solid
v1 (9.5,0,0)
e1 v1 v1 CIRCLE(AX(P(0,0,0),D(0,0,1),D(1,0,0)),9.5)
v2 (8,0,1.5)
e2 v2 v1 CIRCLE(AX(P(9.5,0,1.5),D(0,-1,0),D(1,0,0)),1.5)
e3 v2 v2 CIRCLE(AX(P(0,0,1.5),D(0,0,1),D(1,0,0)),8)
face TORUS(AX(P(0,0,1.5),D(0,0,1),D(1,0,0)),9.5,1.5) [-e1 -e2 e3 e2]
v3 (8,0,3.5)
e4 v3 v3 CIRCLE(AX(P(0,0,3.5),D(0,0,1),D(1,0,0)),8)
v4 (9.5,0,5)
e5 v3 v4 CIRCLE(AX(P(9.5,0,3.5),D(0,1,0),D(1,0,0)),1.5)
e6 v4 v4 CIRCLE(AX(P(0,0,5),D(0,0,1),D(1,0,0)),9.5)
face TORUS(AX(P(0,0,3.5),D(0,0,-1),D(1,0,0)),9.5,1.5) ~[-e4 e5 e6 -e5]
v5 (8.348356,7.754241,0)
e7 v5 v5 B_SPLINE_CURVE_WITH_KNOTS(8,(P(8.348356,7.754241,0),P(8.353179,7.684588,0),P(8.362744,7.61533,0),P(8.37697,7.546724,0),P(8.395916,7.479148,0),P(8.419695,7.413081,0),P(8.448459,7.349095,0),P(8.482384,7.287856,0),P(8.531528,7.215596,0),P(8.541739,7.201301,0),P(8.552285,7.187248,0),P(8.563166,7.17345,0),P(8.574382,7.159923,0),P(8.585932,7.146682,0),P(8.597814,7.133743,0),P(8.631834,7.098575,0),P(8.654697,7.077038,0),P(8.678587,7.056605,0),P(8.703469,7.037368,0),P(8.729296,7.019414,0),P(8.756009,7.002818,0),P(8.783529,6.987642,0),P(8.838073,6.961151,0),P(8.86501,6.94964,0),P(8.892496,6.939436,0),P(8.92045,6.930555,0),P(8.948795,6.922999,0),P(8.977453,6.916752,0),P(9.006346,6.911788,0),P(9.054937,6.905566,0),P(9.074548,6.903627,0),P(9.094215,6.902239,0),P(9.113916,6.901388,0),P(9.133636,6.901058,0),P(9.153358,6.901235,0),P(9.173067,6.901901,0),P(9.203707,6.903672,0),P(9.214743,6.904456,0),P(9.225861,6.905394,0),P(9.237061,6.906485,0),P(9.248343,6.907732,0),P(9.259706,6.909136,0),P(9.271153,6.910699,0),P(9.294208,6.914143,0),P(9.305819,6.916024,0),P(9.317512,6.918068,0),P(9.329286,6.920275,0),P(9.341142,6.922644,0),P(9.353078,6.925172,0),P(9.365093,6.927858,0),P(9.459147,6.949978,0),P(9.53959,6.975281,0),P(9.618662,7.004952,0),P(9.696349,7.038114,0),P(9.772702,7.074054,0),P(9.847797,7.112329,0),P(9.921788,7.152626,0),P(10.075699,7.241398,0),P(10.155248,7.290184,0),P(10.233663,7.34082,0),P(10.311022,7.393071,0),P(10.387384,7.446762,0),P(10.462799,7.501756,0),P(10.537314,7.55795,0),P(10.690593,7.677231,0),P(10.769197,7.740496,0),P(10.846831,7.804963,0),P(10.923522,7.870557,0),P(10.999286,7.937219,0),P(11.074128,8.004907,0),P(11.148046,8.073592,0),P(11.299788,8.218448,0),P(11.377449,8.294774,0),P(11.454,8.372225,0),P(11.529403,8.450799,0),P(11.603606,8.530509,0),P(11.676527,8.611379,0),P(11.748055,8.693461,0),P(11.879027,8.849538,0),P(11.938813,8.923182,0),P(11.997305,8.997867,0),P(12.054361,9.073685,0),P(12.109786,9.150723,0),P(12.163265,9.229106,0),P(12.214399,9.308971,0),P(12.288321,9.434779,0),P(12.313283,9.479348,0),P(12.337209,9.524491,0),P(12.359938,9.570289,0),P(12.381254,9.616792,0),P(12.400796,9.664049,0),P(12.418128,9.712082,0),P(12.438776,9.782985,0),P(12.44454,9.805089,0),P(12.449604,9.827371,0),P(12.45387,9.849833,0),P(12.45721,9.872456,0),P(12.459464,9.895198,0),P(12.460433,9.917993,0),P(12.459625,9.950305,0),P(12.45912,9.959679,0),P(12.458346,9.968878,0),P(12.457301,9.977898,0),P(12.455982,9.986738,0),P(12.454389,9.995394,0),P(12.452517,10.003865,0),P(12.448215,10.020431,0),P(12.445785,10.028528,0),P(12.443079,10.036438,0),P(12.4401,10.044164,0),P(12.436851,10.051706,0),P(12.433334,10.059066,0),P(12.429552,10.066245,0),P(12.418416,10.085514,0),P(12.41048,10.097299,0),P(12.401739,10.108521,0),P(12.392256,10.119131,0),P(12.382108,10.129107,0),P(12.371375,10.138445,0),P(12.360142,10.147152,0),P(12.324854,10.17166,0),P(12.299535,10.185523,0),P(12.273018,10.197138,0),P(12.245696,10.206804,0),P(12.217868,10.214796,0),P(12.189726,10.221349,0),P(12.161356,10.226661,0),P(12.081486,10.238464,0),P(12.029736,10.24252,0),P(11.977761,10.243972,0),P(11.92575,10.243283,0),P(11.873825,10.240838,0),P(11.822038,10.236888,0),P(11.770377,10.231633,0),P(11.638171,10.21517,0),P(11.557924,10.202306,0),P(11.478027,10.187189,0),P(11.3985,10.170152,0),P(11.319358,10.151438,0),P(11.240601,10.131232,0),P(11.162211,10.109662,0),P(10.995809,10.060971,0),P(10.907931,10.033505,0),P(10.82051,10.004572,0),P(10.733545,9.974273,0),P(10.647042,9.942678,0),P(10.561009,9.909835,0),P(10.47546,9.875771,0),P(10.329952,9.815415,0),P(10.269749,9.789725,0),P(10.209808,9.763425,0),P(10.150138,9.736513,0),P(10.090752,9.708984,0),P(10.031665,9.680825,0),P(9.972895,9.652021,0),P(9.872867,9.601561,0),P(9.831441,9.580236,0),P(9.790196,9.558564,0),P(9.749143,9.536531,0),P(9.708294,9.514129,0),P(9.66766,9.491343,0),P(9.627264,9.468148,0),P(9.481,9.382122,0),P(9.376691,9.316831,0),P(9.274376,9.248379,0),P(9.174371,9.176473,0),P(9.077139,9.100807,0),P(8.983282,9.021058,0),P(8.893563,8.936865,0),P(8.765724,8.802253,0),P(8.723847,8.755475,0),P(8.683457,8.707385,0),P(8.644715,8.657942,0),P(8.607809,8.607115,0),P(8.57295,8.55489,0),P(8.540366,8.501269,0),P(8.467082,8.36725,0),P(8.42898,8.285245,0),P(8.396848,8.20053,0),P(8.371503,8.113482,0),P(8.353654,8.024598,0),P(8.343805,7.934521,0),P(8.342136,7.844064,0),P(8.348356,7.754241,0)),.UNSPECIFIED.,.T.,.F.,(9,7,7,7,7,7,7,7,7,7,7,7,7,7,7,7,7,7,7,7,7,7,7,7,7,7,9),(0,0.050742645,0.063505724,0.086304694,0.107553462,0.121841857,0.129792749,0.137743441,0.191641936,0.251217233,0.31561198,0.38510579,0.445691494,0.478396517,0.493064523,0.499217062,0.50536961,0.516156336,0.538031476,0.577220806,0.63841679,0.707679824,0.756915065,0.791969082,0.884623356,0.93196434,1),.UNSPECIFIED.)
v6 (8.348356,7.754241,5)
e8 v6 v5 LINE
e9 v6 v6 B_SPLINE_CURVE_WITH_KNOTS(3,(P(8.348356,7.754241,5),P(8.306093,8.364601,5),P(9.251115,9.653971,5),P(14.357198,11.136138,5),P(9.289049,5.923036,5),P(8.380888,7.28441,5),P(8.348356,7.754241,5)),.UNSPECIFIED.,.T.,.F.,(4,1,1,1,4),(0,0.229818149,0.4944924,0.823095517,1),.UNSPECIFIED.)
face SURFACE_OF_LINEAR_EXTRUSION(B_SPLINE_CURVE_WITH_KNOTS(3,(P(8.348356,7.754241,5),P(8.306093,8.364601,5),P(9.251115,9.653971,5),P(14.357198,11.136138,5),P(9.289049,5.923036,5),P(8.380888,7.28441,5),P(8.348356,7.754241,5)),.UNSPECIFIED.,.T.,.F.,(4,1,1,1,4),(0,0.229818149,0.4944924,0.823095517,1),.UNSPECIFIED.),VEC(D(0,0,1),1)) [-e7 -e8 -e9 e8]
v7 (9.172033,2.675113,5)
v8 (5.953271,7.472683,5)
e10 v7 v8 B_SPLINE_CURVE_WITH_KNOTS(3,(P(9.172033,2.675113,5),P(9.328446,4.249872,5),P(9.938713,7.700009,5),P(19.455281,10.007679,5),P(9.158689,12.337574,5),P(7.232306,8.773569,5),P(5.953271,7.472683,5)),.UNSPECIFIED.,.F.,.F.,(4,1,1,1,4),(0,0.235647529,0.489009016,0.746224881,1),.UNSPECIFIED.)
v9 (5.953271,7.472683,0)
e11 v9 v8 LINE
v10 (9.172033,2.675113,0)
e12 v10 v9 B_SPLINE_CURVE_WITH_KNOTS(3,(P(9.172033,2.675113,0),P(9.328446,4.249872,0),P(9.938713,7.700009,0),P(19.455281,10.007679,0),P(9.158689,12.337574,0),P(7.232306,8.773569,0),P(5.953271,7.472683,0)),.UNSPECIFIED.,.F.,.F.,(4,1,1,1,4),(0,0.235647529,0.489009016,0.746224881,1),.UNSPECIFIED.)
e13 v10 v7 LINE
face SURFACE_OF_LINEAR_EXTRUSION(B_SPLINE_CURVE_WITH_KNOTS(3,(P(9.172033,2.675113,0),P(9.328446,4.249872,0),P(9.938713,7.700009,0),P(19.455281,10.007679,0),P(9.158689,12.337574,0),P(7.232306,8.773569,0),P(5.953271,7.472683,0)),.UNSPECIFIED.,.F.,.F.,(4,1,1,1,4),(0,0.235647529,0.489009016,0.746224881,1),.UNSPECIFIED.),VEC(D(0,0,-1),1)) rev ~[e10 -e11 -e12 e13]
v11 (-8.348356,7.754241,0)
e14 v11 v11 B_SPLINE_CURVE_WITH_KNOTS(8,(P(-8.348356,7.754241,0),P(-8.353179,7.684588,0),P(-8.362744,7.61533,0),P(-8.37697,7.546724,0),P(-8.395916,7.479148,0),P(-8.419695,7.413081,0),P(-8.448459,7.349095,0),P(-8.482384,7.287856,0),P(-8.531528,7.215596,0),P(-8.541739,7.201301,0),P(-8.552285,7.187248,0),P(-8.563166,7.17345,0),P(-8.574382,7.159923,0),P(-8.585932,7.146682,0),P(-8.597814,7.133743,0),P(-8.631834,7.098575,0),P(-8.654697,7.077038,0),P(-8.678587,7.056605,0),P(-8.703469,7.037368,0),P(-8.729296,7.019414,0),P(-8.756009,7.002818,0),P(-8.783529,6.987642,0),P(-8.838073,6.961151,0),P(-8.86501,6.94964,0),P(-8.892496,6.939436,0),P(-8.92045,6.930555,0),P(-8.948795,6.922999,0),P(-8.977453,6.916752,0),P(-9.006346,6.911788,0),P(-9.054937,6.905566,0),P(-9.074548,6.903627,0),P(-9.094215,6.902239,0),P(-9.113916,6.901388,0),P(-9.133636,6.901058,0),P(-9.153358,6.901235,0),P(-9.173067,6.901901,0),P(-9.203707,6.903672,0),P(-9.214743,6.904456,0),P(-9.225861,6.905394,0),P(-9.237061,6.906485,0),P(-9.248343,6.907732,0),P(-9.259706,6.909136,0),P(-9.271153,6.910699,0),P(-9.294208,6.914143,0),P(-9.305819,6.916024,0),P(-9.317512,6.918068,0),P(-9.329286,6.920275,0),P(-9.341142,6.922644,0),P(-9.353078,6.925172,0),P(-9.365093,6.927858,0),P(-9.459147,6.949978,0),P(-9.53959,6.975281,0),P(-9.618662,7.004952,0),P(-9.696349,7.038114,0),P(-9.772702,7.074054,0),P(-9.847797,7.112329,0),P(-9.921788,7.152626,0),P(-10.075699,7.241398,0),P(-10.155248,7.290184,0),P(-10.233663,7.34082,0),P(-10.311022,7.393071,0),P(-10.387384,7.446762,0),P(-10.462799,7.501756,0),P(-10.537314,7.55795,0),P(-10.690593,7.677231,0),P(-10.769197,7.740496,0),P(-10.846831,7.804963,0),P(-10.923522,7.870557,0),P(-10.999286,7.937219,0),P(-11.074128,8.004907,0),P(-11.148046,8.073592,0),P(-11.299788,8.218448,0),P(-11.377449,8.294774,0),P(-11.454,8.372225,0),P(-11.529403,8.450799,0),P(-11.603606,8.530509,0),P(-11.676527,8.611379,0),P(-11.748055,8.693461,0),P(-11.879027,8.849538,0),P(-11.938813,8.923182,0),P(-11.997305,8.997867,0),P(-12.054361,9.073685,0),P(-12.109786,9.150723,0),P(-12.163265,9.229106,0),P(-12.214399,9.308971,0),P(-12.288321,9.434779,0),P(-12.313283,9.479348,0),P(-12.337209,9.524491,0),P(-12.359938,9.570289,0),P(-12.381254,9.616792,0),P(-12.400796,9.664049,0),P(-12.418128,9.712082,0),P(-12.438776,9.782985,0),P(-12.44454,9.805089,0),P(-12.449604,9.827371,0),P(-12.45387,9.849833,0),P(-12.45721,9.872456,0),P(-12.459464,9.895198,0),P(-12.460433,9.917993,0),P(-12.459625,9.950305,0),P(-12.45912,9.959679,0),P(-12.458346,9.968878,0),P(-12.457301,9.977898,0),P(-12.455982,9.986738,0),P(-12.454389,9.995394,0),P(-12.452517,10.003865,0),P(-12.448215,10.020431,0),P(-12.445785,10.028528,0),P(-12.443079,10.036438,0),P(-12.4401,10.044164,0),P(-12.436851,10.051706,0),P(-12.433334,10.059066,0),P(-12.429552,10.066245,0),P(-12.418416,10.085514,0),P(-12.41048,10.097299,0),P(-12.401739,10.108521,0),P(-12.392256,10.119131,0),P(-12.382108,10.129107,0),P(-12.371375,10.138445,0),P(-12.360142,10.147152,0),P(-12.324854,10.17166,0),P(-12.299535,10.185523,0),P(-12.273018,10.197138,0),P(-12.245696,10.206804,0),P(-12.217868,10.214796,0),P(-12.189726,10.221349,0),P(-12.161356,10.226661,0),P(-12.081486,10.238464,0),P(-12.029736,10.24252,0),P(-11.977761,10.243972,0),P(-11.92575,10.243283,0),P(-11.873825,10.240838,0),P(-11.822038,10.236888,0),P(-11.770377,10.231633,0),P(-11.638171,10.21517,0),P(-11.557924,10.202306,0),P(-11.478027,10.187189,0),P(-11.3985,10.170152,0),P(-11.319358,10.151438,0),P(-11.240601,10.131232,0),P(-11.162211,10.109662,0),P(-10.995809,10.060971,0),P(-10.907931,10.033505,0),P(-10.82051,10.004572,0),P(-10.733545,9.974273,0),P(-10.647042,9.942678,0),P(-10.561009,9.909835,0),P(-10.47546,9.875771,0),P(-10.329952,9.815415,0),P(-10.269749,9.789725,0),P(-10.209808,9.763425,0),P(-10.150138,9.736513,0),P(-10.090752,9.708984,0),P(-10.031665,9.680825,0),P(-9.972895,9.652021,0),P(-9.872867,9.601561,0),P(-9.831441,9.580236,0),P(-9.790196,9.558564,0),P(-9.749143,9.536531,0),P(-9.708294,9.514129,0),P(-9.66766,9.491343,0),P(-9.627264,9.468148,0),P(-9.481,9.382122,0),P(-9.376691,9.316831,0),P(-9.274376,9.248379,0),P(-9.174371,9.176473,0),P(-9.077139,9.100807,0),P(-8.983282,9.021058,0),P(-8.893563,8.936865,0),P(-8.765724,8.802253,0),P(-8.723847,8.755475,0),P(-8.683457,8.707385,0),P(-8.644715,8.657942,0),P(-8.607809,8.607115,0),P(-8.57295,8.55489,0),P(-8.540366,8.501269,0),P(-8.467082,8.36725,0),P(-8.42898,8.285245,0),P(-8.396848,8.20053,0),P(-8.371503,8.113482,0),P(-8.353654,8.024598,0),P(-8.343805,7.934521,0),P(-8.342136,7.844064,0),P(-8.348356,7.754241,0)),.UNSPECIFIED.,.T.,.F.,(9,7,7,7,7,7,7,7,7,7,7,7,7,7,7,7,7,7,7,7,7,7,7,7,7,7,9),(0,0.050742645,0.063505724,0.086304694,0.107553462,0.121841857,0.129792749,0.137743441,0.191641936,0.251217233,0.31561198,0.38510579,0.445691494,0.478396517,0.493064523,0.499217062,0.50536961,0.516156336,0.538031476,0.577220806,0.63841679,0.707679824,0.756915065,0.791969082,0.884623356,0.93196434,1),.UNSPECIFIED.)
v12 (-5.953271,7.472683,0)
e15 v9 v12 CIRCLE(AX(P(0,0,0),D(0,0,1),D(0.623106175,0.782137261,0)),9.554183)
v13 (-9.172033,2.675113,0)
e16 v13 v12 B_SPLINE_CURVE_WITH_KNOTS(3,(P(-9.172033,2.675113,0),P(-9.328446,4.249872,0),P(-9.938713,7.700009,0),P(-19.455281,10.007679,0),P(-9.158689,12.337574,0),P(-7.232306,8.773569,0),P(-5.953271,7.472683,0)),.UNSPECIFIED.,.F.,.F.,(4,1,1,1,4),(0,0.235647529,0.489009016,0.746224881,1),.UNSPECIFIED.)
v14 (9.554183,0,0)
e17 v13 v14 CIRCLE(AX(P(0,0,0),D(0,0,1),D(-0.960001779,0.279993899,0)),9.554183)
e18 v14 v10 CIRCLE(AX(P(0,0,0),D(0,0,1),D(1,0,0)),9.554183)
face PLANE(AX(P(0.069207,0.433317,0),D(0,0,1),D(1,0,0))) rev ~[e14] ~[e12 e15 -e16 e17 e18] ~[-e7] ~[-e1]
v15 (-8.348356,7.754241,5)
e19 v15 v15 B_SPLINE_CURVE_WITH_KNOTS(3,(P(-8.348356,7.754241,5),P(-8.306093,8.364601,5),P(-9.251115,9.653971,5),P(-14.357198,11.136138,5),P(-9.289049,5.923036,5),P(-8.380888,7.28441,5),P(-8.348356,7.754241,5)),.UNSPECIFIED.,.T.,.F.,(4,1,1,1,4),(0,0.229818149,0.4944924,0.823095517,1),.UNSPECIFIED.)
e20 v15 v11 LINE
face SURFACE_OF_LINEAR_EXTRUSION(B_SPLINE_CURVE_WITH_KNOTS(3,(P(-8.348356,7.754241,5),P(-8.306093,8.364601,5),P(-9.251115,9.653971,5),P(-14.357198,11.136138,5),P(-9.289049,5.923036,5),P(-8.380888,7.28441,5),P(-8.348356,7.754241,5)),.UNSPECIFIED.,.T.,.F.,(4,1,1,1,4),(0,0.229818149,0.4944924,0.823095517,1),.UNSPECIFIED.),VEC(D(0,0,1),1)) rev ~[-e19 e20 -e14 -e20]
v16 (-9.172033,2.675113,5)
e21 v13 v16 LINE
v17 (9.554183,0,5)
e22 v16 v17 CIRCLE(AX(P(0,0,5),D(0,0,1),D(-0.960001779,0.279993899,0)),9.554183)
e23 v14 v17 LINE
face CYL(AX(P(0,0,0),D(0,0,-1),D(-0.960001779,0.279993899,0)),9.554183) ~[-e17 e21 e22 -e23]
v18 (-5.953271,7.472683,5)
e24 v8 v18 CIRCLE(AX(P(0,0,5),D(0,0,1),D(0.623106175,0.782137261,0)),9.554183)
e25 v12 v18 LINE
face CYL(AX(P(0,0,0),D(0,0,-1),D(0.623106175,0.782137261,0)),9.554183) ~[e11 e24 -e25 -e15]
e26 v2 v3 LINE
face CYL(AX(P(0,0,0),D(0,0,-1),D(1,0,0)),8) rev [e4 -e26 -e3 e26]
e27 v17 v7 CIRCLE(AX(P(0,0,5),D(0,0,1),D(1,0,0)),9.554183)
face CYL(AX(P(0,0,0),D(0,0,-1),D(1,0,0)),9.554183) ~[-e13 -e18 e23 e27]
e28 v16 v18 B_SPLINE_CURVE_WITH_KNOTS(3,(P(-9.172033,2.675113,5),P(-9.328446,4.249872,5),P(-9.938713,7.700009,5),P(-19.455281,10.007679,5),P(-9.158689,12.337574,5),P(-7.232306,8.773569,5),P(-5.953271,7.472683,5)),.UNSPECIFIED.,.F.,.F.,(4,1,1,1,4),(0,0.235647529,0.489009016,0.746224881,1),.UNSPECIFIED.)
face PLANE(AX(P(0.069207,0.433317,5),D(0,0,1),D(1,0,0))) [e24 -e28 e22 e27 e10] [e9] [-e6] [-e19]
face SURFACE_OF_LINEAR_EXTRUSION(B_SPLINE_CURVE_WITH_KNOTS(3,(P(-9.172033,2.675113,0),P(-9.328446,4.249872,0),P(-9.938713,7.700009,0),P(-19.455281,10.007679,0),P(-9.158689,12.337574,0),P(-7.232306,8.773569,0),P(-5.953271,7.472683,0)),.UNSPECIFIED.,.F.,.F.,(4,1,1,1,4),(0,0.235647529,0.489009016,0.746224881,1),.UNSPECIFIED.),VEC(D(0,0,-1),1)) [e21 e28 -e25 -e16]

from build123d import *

# Parameters (mm, degrees)
F0_R     = 8
F1_DEPTH = 5
F2_R     = 1.5
F4_DEPTH = 25


with BuildPart() as f1:
    # F0 (on Top) → F1 (new body)
    with BuildSketch(Plane.XY):
        with BuildLine():
            ThreePointArc((-9.1720328198, 2.675112995), (-1.3511354861, -9.4581630607), (9.5541831458, 0))
            ThreePointArc((9.5541831458, 0), (9.4581630607, 1.3511354861), (9.1720328198, 2.675112995))
            ThreePointArc((9.1720328198, 2.675112995), (7.9339693007, 5.3230204508), (5.9532705167, 7.4726826334))
            ThreePointArc((5.9532705167, 7.4726826334), (0, 9.5541831458), (-5.9532705167, 7.4726826334))
            ThreePointArc((-5.9532705167, 7.4726826334), (-7.9339693007, 5.3230204508), (-9.1720328198, 2.675112995))
        make_face()
        Circle(F0_R, mode=Mode.SUBTRACT)
        with BuildLine():
            ThreePointArc((5.9532705167, 7.4726826334), (7.9339693007, 5.3230204508), (9.1720328198, 2.675112995))
            add(Edge.make_bspline(
                [(9.1720328198, 2.675112995), (9.3284464817, 4.2498718644), (9.9387125038, 7.700009267), (19.4552807074, 10.0076791333), (9.1586892174, 12.3375744106), (7.2323056025, 8.7735692323), (5.9532705167, 7.4726826334)],
                knots=[0, 0, 0, 0, 0.2356475287, 0.4890090162, 0.7462248812, 1, 1, 1, 1], degree=3))
        make_face()
        with BuildLine():
            add(Edge.make_bspline(
                [(-9.1720328198, 2.675112995), (-9.3284464817, 4.2498718644), (-9.9387125038, 7.700009267), (-19.4552807074, 10.0076791333), (-9.1586892174, 12.3375744106), (-7.2323056025, 8.7735692323), (-5.9532705167, 7.4726826334)],
                knots=[0, 0, 0, 0, 0.2356475287, 0.4890090162, 0.7462248812, 1, 1, 1, 1], degree=3))
            ThreePointArc((-9.1720328198, 2.675112995), (-7.9339693007, 5.3230204508), (-5.9532705167, 7.4726826334))
        make_face()
    extrude(amount=F1_DEPTH)

    # F2
    f2_edges = [f1.edges().sort_by_distance(p)[0] for p in [
        (-8, 0, 5),
        (-8, 0, 0),
    ]]
    fillet(f2_edges, radius=F2_R)

    # F3 (on face) → F4 (cut)
    with BuildSketch(Plane.XY.offset(5)):
        with BuildLine():
            add(Edge.make_bspline(
                [(-8.3483560011, 7.7542406507), (-8.3060933519, 8.3646012431), (-9.2511148134, 9.6539708681), (-14.3571980236, 11.1361375767), (-9.2890488842, 5.9230364747), (-8.3808880361, 7.2844103731), (-8.3483560011, 7.7542406507)],
                knots=[0, 0, 0, 0, 0.2298181492, 0.4944923995, 0.8230955174, 1, 1, 1, 1], degree=3))
        make_face()
        with BuildLine():
            add(Edge.make_bspline(
                [(8.3483560011, 7.7542406507), (8.3060933519, 8.3646012431), (9.2511148134, 9.6539708681), (14.3571980236, 11.1361375767), (9.2890488842, 5.9230364747), (8.3808880361, 7.2844103731), (8.3483560011, 7.7542406507)],
                knots=[0, 0, 0, 0, 0.2298181492, 0.4944923995, 0.8230955174, 1, 1, 1, 1], degree=3))
        make_face()
    extrude(amount=-F4_DEPTH, mode=Mode.SUBTRACT)


solid = f1.part
